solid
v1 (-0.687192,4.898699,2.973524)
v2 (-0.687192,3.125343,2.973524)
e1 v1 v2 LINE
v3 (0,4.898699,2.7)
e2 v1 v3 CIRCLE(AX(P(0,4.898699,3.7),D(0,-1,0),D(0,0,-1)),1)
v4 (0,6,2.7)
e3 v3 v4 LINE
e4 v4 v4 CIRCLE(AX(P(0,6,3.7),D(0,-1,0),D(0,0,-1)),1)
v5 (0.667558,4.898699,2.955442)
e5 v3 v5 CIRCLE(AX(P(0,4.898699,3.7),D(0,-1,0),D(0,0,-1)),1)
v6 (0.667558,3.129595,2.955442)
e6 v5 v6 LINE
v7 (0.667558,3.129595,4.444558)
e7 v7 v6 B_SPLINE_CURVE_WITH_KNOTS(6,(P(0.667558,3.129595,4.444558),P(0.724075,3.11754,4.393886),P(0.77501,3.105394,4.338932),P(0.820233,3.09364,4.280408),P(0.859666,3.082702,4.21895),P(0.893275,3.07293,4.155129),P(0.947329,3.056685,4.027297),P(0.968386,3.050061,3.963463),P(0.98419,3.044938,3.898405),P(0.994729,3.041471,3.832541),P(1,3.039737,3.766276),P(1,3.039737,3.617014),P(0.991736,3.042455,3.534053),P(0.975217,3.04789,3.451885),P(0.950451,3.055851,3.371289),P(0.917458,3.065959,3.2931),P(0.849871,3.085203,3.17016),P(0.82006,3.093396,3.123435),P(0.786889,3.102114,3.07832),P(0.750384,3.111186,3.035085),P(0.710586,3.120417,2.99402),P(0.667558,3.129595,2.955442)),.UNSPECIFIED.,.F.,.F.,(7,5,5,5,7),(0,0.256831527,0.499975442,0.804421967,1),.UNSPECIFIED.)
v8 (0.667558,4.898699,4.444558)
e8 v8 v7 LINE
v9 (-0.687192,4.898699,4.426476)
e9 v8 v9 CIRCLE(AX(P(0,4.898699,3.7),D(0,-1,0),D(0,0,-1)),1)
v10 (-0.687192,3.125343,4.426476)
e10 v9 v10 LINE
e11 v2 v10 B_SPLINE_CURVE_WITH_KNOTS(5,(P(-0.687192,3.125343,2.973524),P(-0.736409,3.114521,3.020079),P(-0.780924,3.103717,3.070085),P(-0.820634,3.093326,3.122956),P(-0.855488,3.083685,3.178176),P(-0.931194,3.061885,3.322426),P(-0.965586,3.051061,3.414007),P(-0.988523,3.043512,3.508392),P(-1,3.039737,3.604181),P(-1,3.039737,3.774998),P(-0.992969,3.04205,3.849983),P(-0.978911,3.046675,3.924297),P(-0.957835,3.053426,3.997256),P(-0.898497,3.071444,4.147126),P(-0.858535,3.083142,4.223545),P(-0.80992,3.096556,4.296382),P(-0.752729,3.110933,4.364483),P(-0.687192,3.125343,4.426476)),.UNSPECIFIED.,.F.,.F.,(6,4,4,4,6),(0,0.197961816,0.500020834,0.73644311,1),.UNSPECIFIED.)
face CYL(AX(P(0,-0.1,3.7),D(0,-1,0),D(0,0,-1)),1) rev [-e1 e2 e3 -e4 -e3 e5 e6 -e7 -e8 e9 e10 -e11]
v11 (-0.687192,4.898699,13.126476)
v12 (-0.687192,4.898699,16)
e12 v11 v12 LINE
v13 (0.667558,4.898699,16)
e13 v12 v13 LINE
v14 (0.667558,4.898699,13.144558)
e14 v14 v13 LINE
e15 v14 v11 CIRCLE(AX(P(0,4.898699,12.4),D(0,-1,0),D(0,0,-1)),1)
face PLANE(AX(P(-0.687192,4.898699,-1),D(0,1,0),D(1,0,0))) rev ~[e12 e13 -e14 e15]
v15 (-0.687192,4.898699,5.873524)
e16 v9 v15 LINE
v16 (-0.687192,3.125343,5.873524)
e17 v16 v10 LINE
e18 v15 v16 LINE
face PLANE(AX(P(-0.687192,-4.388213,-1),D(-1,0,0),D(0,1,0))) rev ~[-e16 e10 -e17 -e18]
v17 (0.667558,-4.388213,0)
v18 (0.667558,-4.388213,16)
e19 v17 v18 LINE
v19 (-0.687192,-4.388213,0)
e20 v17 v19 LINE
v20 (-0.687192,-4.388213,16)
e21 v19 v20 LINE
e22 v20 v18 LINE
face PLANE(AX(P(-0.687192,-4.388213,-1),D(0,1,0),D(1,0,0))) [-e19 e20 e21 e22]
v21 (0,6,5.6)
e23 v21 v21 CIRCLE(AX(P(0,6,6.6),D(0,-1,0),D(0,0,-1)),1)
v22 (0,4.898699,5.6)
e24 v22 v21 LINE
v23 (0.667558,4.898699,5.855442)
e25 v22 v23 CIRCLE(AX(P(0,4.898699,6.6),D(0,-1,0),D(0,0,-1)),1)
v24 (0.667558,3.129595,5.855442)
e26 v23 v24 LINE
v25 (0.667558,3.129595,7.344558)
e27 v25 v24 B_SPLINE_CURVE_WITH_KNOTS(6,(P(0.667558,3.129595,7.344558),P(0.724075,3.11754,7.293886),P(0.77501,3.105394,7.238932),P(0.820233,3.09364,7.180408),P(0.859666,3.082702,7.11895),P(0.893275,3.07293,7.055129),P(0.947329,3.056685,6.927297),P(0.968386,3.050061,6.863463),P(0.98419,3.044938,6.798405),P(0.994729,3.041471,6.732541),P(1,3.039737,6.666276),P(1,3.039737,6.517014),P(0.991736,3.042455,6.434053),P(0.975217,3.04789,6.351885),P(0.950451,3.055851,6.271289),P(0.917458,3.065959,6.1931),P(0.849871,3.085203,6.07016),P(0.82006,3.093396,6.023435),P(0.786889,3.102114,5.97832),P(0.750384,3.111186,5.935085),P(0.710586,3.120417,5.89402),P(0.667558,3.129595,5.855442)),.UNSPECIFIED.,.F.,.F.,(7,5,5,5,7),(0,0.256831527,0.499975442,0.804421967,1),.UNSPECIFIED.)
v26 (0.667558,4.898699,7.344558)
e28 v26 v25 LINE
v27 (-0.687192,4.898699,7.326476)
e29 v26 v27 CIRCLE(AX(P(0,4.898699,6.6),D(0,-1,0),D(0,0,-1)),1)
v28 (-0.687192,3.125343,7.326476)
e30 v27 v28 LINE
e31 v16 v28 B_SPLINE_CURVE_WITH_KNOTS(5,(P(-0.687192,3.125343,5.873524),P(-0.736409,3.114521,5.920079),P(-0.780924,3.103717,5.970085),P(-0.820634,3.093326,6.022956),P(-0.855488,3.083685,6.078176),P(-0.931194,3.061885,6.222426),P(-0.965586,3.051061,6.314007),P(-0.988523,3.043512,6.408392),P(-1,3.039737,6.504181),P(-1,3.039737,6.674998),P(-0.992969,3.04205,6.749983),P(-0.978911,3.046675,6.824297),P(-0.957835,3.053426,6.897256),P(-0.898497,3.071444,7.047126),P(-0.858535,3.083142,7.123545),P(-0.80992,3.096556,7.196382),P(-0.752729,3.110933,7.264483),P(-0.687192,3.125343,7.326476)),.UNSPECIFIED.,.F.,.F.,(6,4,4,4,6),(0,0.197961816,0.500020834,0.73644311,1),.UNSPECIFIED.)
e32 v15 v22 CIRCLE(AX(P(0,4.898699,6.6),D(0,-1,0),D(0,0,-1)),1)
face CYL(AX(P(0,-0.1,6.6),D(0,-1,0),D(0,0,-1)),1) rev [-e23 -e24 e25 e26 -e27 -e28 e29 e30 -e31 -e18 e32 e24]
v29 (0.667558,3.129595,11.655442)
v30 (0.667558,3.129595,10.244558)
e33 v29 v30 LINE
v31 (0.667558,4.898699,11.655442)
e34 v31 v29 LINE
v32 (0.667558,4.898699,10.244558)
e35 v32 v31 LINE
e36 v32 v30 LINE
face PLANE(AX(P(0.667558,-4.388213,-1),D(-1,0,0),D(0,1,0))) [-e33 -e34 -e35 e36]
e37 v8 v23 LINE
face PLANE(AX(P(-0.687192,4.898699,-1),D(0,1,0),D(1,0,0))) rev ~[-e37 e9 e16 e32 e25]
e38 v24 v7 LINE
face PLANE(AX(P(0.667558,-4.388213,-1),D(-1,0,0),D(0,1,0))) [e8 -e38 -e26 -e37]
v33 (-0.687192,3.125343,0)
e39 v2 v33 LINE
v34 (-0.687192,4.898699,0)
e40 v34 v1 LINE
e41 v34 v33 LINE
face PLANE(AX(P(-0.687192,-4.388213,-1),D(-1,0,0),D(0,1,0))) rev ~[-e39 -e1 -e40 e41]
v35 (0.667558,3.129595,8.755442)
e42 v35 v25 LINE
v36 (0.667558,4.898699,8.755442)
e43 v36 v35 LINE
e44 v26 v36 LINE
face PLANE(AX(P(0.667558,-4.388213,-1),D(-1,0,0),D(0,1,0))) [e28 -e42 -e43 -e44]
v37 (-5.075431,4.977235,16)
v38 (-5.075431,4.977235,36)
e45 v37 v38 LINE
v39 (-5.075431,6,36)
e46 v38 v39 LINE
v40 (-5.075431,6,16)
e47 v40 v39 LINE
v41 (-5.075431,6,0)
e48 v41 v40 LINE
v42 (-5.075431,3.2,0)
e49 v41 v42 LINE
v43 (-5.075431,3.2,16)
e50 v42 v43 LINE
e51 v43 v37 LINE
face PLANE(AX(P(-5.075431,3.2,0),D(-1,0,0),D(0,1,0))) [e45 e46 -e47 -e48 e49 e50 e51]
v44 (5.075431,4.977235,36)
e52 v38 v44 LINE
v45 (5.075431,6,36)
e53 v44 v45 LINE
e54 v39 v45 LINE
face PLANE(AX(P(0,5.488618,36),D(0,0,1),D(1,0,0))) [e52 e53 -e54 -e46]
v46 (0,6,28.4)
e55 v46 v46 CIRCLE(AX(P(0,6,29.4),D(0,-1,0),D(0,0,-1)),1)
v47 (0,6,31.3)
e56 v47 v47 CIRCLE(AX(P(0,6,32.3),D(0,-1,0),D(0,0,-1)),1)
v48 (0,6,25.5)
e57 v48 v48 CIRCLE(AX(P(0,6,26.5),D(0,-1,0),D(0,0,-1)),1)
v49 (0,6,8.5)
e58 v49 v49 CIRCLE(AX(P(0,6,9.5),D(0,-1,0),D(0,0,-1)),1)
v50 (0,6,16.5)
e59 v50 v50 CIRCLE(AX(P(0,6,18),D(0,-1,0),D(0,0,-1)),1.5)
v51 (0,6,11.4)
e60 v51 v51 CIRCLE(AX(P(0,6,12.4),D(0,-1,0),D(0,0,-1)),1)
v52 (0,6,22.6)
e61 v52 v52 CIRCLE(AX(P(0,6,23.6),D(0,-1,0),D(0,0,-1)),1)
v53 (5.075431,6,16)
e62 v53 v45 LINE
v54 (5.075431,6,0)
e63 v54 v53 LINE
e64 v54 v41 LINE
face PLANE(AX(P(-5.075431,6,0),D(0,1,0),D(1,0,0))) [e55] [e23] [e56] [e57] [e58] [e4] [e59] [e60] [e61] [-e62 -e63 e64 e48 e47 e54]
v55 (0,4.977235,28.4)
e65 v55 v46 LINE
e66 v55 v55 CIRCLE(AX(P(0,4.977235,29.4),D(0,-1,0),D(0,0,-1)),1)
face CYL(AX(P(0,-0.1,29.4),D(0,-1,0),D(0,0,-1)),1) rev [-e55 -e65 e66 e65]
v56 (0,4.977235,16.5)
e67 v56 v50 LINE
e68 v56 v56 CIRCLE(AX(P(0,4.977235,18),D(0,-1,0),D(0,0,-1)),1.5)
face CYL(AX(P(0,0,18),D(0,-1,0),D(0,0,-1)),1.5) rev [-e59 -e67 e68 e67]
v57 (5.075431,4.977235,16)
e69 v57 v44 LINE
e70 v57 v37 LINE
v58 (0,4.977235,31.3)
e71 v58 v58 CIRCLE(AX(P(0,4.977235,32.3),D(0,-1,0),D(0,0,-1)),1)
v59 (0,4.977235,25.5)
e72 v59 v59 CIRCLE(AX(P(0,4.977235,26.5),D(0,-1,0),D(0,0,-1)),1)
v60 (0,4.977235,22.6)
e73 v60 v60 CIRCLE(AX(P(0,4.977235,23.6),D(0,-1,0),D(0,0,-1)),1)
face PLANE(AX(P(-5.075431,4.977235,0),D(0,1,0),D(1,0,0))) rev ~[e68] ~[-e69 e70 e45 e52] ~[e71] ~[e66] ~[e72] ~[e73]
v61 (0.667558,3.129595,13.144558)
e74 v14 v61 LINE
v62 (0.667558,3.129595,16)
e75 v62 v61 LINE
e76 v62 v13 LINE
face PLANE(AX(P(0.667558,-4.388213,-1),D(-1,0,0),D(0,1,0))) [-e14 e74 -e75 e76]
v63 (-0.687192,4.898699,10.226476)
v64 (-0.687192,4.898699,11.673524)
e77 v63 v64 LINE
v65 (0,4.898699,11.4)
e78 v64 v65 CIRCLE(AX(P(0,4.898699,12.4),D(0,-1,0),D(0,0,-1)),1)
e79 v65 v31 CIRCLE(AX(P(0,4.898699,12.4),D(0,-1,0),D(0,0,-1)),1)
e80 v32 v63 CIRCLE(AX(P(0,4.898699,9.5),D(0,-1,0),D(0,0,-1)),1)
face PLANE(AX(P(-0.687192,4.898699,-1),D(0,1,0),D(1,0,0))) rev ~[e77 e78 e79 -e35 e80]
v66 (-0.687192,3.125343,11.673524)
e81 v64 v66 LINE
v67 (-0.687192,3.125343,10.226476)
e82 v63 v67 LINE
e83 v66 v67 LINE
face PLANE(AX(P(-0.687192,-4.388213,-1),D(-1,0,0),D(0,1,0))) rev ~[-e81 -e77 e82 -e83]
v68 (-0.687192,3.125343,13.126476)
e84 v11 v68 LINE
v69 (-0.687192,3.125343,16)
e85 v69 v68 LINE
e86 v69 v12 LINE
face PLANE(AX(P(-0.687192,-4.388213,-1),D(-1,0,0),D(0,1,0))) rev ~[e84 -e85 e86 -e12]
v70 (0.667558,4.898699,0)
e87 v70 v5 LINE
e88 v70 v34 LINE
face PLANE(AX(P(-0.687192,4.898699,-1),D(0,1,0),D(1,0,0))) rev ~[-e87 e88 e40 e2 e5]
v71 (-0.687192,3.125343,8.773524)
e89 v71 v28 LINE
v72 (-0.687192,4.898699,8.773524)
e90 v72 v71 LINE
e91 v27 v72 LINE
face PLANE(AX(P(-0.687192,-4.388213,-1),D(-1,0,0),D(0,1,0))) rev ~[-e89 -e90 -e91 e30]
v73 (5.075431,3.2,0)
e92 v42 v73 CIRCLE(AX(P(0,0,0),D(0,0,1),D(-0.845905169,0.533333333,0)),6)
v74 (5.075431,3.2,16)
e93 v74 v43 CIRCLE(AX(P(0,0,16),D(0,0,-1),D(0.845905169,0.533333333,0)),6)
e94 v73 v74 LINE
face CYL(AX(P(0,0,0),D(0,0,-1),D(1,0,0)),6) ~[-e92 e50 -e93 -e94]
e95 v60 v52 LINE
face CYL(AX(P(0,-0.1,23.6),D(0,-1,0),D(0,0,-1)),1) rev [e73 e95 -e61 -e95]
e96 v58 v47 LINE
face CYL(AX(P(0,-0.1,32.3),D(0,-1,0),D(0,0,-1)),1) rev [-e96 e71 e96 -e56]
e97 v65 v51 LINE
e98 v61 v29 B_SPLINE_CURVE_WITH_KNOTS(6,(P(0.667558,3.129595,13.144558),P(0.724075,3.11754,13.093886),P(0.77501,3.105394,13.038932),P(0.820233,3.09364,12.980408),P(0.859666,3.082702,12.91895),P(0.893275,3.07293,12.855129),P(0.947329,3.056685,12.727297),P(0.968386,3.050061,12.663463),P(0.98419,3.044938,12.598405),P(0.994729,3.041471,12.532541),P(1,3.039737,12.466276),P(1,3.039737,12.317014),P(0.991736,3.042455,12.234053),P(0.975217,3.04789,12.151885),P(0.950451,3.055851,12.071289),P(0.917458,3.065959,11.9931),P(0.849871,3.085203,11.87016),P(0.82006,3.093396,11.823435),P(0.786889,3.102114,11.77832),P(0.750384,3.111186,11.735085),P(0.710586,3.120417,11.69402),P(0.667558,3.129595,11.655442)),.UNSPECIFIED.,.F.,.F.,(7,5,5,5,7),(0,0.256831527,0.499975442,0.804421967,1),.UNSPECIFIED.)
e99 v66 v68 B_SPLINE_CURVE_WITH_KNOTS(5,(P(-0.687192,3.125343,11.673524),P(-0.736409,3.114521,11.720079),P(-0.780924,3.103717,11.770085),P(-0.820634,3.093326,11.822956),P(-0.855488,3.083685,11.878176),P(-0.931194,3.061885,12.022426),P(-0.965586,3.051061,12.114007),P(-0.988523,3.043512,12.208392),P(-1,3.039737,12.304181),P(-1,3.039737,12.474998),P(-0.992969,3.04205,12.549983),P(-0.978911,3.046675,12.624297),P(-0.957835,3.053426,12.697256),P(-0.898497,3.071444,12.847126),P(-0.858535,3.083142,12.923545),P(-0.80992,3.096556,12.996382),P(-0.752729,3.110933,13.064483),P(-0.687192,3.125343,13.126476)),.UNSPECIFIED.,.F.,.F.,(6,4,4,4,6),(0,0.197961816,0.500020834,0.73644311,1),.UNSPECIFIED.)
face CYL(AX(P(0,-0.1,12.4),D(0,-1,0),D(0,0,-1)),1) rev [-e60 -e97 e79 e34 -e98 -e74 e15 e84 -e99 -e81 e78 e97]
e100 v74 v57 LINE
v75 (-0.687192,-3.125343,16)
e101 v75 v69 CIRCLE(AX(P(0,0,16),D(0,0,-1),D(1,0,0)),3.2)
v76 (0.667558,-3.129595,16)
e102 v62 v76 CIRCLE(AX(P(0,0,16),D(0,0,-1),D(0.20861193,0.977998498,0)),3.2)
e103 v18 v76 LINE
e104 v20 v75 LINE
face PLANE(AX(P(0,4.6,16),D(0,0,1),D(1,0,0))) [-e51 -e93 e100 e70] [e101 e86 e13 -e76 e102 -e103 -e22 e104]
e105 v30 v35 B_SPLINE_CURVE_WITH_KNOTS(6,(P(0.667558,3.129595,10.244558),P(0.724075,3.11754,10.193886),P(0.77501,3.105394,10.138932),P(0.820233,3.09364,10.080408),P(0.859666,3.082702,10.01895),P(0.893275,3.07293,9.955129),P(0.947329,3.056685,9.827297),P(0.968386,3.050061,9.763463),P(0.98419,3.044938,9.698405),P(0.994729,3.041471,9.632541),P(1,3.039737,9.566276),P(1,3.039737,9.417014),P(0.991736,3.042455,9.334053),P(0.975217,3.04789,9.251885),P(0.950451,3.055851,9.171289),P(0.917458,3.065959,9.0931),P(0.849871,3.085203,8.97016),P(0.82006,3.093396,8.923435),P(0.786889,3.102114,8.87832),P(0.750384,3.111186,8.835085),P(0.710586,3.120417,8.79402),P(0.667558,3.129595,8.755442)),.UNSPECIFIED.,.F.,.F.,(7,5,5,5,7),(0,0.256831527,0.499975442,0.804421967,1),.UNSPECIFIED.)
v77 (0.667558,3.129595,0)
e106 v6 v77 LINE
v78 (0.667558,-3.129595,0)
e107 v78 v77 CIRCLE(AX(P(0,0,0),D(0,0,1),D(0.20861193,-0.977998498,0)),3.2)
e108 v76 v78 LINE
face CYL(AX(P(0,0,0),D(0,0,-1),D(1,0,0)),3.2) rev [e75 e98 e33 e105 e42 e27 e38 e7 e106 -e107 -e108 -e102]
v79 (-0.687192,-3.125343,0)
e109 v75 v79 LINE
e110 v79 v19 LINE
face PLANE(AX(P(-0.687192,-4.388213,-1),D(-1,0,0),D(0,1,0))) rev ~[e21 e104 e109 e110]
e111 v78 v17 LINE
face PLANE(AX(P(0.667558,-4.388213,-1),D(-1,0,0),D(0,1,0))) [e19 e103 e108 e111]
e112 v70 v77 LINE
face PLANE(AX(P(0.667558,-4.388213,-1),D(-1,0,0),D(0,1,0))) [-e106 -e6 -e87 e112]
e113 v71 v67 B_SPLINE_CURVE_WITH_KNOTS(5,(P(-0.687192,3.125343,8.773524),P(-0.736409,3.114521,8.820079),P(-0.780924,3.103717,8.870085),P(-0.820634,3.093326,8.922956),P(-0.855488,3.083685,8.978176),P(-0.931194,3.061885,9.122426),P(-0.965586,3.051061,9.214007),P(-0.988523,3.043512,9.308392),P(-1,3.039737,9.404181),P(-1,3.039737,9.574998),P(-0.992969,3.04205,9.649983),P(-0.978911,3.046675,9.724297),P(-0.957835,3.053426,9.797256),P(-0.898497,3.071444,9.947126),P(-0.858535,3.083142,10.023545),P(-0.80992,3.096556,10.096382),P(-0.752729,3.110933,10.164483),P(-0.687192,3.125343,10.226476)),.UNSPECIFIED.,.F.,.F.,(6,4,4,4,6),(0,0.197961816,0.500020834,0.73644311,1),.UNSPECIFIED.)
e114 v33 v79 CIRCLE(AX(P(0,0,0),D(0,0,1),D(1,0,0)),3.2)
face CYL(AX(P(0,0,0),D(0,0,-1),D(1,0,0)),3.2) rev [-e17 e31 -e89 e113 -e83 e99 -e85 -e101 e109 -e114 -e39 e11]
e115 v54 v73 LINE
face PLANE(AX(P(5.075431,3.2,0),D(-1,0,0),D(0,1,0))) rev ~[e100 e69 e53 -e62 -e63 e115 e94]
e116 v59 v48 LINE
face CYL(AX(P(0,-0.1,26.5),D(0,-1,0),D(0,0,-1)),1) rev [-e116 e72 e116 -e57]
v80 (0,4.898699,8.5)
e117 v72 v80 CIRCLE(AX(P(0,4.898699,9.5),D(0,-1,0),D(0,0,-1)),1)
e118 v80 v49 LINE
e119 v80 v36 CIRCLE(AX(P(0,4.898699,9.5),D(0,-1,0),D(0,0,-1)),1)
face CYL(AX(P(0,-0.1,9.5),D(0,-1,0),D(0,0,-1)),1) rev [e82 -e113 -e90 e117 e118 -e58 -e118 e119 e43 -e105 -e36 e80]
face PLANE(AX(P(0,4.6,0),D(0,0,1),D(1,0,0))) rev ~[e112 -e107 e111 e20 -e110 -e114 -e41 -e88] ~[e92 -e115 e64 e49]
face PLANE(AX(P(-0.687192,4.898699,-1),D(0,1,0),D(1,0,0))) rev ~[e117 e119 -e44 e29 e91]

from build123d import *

# Parameters (mm, degrees)
SKETCH1_R               = 6
SKETCH1_R_2             = 3.2
BOSS_EXTRUDE1_DEPTH     = 16
SKETCH2_W               = 10.150862032
SKETCH2_H               = 2.8
BOSS_EXTRUDE2_DEPTH     = 16
CUT_EXTRUDE1_DEPTH      = 16
CUT_EXTRUDE1_DEPTH_BACK = 1
SKETCH3_W               = 1.354750416
SKETCH3_H               = 9.28691227
SKETCH4_W               = 10.150862032
SKETCH4_H               = 1.022764777
BOSS_EXTRUDE3_DEPTH     = 36
SKETCH5_R               = 1.5
CUT_EXTRUDE2_DEPTH      = 11
CUT_EXTRUDE3_DEPTH      = 11
CUT_EXTRUDE3_DEPTH_BACK = 0.1
SKETCH6_R               = 1


with BuildPart() as part:
    # Sketch1 → Boss-Extrude1 (new body)
    with BuildSketch(Plane.XY):
        Circle(SKETCH1_R)
        Circle(SKETCH1_R_2, mode=Mode.SUBTRACT)
    extrude(amount=BOSS_EXTRUDE1_DEPTH)

    # Sketch2 → Boss-Extrude2 (add)
    with BuildSketch(Plane.XY):
        with Locations((0, 4.6)):
            Rectangle(SKETCH2_W, SKETCH2_H)
    extrude(amount=BOSS_EXTRUDE2_DEPTH)

    # Sketch3 → Cut-Extrude1 (cut, two sides: drawn at the far end of the back side and taken through both)
    with BuildSketch(Plane.XY.offset(-CUT_EXTRUDE1_DEPTH_BACK)):
        with Locations((-0.009817032, 0.255242832)):
            Rectangle(SKETCH3_W, SKETCH3_H)
    extrude(amount=CUT_EXTRUDE1_DEPTH + CUT_EXTRUDE1_DEPTH_BACK, mode=Mode.SUBTRACT)

    # Sketch4 → Boss-Extrude3 (add)
    with BuildSketch(Plane.XY):
        with Locations((0, 5.488617612)):
            Rectangle(SKETCH4_W, SKETCH4_H)
    extrude(amount=BOSS_EXTRUDE3_DEPTH)

    # Sketch5 → Cut-Extrude2 (cut)
    with BuildSketch(Plane(origin=(0, 0, 0), x_dir=(1, 0, 0), z_dir=(0, 1, 0))):
        with Locations(Location((0, -18, 0), (0, 0, 90))):
            Circle(SKETCH5_R)
    extrude(amount=CUT_EXTRUDE2_DEPTH, mode=Mode.SUBTRACT)

    # Sketch6 → Cut-Extrude3 (cut, two sides: drawn at the far end of the back side and taken through both)
    with BuildSketch(Plane(origin=(0, 0, 0), x_dir=(1, 0, 0), z_dir=(0, 1, 0)).offset(-CUT_EXTRUDE3_DEPTH_BACK)):
        with Locations(Location((0, -12.4, 0), (0, 0, 90))):
            Circle(SKETCH6_R)
        with Locations(Location((0, -9.5, 0), (0, 0, 90))):
            Circle(SKETCH6_R)
        with Locations(Location((0, -6.6, 0), (0, 0, 90))):
            Circle(SKETCH6_R)
        with Locations(Location((0, -3.7, 0), (0, 0, 90))):
            Circle(SKETCH6_R)
        with Locations(Location((0, -23.6, 0), (0, 0, 90))):
            Circle(SKETCH6_R)
        with Locations(Location((0, -26.5, 0), (0, 0, 90))):
            Circle(SKETCH6_R)
        with Locations(Location((0, -29.4, 0), (0, 0, 90))):
            Circle(SKETCH6_R)
        with Locations(Location((0, -32.3, 0), (0, 0, 90))):
            Circle(SKETCH6_R)
    extrude(amount=CUT_EXTRUDE3_DEPTH + CUT_EXTRUDE3_DEPTH_BACK, mode=Mode.SUBTRACT)


solid = part.part
